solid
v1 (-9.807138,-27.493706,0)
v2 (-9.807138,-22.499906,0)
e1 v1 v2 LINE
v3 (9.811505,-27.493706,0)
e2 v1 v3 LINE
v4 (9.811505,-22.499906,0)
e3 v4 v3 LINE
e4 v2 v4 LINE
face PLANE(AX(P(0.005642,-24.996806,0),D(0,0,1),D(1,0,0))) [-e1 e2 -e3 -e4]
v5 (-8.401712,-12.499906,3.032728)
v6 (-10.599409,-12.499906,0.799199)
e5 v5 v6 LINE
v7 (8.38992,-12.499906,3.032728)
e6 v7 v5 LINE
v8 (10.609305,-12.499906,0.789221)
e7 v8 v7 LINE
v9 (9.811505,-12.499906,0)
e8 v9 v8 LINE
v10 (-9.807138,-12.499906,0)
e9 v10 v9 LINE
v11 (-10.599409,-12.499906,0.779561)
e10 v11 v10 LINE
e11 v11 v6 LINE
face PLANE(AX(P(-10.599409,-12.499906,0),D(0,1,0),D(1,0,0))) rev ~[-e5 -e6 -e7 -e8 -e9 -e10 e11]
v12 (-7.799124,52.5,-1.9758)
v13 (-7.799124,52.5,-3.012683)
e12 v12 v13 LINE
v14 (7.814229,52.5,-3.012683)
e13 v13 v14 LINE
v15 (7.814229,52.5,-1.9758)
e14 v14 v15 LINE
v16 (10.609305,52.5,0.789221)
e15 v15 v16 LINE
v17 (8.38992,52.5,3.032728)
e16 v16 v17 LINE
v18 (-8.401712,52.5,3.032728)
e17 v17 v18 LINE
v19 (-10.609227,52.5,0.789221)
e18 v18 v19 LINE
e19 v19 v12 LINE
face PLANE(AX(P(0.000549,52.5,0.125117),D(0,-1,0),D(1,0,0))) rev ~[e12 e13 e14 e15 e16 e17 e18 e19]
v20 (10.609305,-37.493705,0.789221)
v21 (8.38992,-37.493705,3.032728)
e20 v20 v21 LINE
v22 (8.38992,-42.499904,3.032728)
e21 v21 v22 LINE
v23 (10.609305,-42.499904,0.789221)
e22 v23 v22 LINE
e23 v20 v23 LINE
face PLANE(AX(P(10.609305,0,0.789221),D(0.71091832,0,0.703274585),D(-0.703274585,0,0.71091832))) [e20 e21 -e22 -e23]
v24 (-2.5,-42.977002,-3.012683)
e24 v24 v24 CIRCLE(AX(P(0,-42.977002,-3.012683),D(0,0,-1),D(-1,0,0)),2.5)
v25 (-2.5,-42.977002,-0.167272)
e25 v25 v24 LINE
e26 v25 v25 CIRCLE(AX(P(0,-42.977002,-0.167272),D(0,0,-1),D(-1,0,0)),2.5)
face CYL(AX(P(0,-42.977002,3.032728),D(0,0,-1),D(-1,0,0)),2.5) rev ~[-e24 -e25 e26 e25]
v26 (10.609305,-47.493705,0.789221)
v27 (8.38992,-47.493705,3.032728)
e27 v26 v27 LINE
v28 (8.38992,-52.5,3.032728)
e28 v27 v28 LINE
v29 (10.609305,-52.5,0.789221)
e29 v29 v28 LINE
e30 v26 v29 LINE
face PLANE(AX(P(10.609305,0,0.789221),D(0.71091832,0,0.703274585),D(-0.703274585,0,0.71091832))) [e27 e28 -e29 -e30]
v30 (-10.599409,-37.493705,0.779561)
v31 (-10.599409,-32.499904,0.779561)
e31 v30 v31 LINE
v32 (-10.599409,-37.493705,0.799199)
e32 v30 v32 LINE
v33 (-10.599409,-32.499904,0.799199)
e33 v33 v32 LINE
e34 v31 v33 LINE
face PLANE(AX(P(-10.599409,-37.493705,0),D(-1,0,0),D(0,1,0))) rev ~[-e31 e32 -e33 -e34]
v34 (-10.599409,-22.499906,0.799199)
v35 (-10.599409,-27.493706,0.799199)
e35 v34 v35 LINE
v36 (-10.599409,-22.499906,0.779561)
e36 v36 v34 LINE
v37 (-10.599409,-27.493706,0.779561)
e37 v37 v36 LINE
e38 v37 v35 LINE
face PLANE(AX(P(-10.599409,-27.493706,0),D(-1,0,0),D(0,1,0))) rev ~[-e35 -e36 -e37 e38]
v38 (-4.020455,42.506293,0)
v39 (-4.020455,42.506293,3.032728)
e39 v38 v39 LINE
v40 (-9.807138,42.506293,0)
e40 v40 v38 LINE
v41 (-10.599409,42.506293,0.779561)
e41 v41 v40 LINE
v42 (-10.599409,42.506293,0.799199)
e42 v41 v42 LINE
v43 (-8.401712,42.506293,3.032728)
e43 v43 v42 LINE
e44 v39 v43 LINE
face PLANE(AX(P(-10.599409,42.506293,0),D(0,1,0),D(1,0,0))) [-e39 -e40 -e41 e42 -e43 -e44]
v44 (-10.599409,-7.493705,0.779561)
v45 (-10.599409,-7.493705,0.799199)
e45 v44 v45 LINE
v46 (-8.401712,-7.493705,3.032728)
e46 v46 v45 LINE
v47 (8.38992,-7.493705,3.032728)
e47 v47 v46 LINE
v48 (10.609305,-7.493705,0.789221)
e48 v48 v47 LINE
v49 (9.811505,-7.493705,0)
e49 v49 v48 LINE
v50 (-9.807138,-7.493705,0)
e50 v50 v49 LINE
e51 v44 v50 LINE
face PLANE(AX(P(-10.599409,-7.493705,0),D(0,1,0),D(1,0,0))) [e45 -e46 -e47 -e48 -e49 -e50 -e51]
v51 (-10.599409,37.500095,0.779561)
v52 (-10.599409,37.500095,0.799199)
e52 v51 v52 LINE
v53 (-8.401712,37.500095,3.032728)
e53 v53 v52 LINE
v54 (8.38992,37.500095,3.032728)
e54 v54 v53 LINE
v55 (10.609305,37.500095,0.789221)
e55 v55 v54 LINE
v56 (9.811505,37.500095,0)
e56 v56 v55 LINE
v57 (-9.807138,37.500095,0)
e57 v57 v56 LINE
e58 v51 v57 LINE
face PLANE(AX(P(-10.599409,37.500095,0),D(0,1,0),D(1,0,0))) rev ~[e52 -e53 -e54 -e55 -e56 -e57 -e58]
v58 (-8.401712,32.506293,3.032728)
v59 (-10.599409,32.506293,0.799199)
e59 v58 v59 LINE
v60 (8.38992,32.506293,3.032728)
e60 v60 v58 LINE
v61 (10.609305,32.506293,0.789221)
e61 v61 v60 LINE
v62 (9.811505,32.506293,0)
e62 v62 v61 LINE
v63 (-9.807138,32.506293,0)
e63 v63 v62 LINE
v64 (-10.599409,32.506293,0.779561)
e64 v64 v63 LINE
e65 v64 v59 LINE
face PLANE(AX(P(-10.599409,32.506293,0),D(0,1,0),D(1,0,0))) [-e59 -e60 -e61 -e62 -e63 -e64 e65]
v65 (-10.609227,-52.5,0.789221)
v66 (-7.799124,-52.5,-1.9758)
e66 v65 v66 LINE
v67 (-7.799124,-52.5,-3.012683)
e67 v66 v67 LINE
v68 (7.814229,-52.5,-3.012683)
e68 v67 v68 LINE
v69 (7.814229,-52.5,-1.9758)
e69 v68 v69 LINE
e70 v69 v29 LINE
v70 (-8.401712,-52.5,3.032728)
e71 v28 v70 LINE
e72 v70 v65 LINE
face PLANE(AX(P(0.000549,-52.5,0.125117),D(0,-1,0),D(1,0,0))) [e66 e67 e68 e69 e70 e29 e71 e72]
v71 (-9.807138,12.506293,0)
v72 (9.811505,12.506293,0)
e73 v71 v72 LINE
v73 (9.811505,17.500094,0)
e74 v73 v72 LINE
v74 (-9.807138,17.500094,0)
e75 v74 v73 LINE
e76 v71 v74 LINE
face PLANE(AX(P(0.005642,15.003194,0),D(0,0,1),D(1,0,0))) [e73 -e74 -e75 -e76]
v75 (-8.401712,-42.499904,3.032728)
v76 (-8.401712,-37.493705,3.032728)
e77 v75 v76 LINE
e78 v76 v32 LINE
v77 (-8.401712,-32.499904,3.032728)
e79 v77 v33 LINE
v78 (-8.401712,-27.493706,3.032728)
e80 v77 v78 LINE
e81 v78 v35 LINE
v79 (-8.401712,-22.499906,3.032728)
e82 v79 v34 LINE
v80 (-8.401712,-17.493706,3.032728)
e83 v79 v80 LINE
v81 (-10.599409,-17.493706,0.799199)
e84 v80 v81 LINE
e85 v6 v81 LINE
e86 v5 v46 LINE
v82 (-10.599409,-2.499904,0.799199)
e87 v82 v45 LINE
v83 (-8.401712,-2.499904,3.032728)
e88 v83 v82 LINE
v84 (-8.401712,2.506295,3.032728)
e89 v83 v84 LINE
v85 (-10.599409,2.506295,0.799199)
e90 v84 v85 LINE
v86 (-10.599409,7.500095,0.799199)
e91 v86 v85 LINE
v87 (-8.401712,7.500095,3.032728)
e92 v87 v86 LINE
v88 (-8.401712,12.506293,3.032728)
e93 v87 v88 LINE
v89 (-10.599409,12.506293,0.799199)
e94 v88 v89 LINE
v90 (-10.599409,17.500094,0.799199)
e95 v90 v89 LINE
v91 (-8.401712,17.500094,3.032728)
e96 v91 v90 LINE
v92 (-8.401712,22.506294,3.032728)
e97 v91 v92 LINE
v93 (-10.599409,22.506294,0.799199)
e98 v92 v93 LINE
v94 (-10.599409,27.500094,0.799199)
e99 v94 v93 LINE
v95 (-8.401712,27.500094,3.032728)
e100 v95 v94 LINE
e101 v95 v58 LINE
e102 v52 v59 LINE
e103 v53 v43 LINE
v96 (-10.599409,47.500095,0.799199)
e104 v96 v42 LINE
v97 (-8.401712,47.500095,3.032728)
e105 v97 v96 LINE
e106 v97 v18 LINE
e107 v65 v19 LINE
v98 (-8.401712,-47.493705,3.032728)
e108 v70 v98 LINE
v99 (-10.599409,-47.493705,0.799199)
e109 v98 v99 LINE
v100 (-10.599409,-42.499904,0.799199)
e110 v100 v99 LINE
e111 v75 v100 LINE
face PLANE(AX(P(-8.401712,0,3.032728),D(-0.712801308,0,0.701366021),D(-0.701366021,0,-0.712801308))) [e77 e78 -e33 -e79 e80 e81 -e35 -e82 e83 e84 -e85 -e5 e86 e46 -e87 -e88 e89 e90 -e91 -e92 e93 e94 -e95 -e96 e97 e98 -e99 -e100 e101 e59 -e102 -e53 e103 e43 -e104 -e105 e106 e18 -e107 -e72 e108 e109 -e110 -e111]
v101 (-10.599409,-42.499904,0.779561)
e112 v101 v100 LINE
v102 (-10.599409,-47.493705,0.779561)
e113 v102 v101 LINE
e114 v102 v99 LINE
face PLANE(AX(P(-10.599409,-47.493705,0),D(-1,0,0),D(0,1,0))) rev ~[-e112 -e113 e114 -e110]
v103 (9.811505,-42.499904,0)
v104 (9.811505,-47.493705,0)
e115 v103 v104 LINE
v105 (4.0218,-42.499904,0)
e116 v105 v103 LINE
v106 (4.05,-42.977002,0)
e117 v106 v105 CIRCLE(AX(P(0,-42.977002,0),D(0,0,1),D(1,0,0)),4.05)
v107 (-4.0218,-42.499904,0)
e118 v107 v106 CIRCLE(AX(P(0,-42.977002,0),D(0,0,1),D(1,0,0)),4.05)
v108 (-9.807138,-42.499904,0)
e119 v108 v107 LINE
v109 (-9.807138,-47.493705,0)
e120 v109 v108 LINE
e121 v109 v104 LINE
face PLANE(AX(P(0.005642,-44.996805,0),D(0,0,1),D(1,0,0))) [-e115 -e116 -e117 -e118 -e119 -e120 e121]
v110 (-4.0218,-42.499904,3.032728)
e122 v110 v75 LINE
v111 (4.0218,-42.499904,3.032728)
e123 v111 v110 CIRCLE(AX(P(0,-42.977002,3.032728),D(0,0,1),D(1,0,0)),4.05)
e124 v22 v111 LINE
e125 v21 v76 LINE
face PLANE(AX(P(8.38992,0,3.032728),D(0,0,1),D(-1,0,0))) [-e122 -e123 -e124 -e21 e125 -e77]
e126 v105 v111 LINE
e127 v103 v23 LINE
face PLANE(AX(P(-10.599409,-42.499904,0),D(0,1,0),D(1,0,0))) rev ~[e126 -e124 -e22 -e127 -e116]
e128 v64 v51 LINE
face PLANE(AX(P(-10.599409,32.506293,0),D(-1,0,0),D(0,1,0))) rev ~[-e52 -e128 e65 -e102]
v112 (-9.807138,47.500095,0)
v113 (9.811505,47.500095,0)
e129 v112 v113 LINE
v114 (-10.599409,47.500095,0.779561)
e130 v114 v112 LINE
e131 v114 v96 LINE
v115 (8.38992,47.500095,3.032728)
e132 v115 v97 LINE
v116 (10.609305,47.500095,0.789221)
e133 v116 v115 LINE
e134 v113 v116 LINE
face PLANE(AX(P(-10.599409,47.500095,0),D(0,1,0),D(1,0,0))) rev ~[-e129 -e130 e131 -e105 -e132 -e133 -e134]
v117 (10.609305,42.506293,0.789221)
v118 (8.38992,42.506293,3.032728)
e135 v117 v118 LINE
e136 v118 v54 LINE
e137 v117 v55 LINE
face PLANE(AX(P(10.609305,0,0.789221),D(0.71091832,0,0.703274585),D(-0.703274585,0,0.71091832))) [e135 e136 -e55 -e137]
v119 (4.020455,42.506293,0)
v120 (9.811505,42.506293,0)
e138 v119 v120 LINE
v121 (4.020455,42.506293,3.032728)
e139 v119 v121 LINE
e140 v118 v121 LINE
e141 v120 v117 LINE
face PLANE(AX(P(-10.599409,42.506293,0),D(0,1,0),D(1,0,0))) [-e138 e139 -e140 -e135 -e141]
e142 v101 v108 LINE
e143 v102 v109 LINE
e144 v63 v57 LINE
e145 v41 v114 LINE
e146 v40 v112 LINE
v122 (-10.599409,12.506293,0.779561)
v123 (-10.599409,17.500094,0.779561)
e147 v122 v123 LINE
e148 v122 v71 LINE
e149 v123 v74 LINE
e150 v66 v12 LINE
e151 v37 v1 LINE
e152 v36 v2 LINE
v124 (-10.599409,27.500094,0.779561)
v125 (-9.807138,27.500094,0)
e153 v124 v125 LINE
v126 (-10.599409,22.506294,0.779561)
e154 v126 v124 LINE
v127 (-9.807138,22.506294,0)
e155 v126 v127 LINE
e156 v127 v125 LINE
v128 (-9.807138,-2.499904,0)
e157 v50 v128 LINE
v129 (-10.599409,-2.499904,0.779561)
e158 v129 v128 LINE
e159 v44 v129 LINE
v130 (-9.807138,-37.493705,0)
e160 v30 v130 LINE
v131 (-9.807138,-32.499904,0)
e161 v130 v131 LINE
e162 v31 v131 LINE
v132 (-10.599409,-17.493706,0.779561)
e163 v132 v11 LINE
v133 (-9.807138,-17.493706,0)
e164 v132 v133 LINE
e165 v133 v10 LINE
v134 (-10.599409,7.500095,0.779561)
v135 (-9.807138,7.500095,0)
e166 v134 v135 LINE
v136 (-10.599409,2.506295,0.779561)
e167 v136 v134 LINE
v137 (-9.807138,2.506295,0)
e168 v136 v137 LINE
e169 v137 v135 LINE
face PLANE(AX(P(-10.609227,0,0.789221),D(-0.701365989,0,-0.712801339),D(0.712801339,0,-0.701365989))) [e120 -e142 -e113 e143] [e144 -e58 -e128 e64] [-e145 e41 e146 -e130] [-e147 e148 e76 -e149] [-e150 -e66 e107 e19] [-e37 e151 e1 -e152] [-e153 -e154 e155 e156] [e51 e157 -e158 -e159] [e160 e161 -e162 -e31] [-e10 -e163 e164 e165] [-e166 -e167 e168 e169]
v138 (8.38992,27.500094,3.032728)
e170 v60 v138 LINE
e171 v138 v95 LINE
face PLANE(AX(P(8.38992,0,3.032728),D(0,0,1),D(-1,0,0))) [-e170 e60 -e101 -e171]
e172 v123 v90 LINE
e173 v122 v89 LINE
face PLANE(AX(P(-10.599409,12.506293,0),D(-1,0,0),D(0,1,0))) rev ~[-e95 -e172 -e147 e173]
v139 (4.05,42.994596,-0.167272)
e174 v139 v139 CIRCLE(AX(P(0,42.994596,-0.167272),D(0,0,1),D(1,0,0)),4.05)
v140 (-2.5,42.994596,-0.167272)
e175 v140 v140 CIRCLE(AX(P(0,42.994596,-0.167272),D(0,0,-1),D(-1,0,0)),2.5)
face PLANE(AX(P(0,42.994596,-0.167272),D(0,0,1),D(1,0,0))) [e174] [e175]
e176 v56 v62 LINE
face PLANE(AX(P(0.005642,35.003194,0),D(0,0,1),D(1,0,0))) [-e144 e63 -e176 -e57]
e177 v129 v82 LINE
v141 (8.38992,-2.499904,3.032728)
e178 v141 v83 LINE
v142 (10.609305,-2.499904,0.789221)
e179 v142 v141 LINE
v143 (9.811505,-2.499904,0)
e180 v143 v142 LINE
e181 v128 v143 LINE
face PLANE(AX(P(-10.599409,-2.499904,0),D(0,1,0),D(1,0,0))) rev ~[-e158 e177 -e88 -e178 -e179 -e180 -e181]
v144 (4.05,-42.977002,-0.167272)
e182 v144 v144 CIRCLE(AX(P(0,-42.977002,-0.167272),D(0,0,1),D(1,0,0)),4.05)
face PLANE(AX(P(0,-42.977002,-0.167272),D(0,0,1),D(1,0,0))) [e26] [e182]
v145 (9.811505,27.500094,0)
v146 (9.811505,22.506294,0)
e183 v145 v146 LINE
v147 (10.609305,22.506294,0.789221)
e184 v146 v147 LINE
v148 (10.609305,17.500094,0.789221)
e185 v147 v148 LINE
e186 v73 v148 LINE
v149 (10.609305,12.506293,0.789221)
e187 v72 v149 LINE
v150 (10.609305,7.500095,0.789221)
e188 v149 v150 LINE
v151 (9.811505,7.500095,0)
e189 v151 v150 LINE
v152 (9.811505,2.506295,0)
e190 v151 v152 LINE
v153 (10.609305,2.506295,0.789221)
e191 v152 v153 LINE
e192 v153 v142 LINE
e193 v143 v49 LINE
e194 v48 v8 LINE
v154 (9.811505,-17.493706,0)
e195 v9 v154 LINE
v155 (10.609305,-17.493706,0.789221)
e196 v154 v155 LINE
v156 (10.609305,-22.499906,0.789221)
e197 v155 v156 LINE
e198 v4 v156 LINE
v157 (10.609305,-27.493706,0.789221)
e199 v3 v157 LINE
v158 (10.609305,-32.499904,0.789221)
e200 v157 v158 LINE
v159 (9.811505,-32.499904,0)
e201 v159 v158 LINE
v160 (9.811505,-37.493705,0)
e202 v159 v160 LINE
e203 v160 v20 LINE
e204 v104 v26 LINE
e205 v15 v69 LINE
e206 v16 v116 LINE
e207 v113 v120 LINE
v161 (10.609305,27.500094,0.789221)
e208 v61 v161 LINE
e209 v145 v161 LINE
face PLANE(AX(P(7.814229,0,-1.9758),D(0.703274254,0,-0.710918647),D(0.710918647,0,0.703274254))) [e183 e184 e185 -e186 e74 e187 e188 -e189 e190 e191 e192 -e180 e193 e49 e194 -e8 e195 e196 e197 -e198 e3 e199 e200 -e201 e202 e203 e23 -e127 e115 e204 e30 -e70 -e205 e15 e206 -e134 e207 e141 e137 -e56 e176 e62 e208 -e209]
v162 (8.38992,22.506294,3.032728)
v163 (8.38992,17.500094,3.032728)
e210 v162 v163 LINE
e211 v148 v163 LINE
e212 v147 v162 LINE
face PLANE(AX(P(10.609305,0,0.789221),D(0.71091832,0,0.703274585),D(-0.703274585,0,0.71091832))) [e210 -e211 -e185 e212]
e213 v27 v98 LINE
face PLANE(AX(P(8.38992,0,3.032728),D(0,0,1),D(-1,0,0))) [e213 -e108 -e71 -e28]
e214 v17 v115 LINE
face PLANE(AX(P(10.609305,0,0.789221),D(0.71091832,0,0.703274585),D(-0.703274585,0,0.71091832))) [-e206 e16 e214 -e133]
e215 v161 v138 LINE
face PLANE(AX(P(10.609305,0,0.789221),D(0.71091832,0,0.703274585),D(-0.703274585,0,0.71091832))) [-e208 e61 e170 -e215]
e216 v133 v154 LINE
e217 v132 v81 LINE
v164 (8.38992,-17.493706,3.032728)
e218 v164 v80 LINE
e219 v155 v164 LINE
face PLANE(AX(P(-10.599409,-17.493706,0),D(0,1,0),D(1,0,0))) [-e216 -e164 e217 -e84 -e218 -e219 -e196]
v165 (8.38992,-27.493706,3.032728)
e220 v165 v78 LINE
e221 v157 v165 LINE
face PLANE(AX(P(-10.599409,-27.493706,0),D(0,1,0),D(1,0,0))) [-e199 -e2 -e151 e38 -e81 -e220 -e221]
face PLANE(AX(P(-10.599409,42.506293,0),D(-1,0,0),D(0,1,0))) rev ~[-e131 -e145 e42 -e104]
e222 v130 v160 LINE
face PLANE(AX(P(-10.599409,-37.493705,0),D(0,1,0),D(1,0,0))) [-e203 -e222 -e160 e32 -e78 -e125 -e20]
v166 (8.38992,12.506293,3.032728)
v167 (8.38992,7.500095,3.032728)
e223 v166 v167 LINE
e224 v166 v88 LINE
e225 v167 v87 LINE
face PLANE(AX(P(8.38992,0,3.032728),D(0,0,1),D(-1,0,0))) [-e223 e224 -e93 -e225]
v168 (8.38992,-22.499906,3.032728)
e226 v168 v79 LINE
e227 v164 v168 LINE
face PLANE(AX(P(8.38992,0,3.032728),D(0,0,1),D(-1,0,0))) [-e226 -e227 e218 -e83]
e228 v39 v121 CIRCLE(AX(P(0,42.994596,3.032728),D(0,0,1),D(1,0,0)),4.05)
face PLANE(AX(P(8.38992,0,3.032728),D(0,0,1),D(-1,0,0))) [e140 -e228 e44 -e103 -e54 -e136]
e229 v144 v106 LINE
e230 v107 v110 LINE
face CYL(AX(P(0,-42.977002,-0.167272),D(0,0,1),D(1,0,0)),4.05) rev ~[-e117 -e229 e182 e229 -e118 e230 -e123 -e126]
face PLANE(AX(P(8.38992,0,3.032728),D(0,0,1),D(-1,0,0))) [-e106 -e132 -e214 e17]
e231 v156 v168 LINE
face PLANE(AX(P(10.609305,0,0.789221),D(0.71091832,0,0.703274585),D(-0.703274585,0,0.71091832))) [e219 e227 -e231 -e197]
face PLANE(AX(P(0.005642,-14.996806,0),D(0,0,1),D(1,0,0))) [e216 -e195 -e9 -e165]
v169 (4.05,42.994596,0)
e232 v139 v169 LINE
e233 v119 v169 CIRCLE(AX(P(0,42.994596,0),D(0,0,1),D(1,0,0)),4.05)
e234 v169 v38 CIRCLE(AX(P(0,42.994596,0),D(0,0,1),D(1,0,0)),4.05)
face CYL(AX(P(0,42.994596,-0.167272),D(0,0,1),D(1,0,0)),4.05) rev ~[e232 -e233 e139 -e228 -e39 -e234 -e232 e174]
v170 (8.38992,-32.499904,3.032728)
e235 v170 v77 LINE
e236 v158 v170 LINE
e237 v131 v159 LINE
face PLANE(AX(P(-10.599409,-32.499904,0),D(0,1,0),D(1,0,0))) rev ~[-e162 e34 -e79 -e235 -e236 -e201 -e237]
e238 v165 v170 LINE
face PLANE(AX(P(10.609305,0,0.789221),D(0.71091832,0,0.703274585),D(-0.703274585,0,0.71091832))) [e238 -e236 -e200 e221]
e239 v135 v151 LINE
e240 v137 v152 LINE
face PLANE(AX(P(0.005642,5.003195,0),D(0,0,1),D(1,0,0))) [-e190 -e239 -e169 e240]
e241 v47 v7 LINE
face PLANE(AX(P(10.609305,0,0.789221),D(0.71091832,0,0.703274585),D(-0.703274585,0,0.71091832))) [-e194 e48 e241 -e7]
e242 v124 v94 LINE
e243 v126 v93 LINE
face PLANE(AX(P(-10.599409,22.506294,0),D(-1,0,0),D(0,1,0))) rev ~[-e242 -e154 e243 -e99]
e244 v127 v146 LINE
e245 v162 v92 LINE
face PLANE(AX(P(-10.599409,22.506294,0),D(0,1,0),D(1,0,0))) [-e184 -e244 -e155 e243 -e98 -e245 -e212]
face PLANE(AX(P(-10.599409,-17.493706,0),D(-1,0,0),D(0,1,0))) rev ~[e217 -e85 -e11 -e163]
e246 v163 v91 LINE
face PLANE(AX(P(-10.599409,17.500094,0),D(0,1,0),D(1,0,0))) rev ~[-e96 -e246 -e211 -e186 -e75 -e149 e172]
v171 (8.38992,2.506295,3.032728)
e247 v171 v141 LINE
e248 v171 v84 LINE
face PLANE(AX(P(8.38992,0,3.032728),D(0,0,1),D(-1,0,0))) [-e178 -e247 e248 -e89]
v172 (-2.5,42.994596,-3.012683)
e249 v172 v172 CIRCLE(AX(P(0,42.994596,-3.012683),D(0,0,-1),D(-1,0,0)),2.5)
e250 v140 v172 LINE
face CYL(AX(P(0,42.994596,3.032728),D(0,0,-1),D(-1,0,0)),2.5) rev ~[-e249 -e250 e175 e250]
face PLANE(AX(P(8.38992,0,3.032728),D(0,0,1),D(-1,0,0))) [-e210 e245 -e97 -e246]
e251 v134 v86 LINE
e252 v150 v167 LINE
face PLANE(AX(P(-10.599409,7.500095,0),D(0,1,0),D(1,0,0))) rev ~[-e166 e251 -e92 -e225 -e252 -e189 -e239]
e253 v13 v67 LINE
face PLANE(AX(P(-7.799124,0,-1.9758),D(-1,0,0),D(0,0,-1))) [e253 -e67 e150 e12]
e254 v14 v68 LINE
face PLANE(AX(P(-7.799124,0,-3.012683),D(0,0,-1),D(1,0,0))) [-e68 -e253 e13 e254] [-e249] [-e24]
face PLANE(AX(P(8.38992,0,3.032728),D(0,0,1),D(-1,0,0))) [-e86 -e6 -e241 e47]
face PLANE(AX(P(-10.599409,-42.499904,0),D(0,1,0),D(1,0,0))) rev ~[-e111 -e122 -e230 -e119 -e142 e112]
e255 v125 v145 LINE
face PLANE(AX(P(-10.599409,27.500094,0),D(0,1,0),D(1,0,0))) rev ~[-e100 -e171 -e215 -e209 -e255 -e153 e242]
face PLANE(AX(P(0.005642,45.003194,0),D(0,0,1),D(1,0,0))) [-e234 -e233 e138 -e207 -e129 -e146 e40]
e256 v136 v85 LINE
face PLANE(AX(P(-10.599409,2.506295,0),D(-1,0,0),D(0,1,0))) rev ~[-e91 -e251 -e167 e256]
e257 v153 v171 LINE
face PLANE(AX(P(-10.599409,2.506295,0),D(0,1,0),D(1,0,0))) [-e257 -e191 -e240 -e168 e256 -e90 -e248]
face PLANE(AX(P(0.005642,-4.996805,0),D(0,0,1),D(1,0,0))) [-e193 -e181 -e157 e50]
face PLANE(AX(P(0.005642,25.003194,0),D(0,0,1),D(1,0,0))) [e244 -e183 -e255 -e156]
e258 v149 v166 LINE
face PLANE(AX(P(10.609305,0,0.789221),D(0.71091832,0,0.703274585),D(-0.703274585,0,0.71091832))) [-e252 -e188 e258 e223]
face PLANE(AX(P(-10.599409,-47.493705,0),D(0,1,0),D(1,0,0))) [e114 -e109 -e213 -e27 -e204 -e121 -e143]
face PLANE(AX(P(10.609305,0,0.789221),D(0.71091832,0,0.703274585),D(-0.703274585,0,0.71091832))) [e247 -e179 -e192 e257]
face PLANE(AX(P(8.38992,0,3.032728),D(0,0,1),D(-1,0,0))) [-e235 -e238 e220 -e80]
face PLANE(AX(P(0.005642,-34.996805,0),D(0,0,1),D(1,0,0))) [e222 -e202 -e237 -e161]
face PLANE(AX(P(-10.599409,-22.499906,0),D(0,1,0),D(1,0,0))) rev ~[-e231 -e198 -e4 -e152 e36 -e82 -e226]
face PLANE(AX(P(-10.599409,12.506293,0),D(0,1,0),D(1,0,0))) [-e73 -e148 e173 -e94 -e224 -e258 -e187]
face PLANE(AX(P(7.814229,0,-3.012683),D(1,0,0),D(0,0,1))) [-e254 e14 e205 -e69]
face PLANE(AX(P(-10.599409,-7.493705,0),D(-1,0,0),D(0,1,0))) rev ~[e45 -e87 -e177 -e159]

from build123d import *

# Parameters (mm, degrees)
F1_DEPTH       = 52.5
F2_W           = 21.210102
F2_H           = 4.993801
F3_DEPTH       = 5
F5_D           = 5
F5_DEPTH       = 6.1
F5_CBORE_D     = 8.1
F5_CBORE_DEPTH = 3.2
F6_D           = 5
F6_DEPTH       = 6.1
F6_CBORE_D     = 8.1
F6_CBORE_DEPTH = 3.2


with BuildPart() as f1:
    # F0 (on Front) → F1 (new body, symmetric)
    with BuildSketch(Plane.XZ):
        Polygon((-7.799124, -1.9758), (-7.799124, -3.012683), (7.814229, -3.012683), (7.814229, -1.9758), (10.609305, 0.789221), (8.38992, 3.032728), (-8.401712, 3.032728), (-10.609227, 0.789221), align=None)
    extrude(amount=F1_DEPTH, both=True)

    # F2 (on Top) → F3 (cut)
    with BuildSketch(Plane.XY):
        with Locations((0.005642, -4.996805)):
            Rectangle(F2_W, F2_H)
        with Locations((0.005642, -14.996806)):
            Rectangle(F2_W, F2_H)
        with Locations((0.005642, -24.996806)):
            Rectangle(F2_W, F2_H)
        with Locations((0.005642, -34.996805)):
            Rectangle(F2_W, F2_H)
        with Locations((0.005642, -44.996805)):
            Rectangle(F2_W, F2_H)
        with Locations((0.005642, 5.003195)):
            Rectangle(F2_W, F2_H)
        with Locations((0.005642, 15.003194)):
            Rectangle(F2_W, F2_H)
        with Locations((0.005642, 25.003194)):
            Rectangle(F2_W, F2_H)
        with Locations((0.005642, 35.003194)):
            Rectangle(F2_W, F2_H)
        with Locations((0.005642, 45.003194)):
            Rectangle(F2_W, F2_H)
    extrude(amount=F3_DEPTH, mode=Mode.SUBTRACT)

    # F5
    with Locations(Plane.XY.offset(3.032728)):
        with Locations((0, 42.994596)):
            CounterBoreHole(F5_D / 2, F5_CBORE_D / 2, F5_CBORE_DEPTH, depth=F5_DEPTH)

    # F6
    with Locations(Plane.XY.offset(3.032728)):
        with Locations((0, -42.977002)):
            CounterBoreHole(F6_D / 2, F6_CBORE_D / 2, F6_CBORE_DEPTH, depth=F6_DEPTH)


solid = f1.part
